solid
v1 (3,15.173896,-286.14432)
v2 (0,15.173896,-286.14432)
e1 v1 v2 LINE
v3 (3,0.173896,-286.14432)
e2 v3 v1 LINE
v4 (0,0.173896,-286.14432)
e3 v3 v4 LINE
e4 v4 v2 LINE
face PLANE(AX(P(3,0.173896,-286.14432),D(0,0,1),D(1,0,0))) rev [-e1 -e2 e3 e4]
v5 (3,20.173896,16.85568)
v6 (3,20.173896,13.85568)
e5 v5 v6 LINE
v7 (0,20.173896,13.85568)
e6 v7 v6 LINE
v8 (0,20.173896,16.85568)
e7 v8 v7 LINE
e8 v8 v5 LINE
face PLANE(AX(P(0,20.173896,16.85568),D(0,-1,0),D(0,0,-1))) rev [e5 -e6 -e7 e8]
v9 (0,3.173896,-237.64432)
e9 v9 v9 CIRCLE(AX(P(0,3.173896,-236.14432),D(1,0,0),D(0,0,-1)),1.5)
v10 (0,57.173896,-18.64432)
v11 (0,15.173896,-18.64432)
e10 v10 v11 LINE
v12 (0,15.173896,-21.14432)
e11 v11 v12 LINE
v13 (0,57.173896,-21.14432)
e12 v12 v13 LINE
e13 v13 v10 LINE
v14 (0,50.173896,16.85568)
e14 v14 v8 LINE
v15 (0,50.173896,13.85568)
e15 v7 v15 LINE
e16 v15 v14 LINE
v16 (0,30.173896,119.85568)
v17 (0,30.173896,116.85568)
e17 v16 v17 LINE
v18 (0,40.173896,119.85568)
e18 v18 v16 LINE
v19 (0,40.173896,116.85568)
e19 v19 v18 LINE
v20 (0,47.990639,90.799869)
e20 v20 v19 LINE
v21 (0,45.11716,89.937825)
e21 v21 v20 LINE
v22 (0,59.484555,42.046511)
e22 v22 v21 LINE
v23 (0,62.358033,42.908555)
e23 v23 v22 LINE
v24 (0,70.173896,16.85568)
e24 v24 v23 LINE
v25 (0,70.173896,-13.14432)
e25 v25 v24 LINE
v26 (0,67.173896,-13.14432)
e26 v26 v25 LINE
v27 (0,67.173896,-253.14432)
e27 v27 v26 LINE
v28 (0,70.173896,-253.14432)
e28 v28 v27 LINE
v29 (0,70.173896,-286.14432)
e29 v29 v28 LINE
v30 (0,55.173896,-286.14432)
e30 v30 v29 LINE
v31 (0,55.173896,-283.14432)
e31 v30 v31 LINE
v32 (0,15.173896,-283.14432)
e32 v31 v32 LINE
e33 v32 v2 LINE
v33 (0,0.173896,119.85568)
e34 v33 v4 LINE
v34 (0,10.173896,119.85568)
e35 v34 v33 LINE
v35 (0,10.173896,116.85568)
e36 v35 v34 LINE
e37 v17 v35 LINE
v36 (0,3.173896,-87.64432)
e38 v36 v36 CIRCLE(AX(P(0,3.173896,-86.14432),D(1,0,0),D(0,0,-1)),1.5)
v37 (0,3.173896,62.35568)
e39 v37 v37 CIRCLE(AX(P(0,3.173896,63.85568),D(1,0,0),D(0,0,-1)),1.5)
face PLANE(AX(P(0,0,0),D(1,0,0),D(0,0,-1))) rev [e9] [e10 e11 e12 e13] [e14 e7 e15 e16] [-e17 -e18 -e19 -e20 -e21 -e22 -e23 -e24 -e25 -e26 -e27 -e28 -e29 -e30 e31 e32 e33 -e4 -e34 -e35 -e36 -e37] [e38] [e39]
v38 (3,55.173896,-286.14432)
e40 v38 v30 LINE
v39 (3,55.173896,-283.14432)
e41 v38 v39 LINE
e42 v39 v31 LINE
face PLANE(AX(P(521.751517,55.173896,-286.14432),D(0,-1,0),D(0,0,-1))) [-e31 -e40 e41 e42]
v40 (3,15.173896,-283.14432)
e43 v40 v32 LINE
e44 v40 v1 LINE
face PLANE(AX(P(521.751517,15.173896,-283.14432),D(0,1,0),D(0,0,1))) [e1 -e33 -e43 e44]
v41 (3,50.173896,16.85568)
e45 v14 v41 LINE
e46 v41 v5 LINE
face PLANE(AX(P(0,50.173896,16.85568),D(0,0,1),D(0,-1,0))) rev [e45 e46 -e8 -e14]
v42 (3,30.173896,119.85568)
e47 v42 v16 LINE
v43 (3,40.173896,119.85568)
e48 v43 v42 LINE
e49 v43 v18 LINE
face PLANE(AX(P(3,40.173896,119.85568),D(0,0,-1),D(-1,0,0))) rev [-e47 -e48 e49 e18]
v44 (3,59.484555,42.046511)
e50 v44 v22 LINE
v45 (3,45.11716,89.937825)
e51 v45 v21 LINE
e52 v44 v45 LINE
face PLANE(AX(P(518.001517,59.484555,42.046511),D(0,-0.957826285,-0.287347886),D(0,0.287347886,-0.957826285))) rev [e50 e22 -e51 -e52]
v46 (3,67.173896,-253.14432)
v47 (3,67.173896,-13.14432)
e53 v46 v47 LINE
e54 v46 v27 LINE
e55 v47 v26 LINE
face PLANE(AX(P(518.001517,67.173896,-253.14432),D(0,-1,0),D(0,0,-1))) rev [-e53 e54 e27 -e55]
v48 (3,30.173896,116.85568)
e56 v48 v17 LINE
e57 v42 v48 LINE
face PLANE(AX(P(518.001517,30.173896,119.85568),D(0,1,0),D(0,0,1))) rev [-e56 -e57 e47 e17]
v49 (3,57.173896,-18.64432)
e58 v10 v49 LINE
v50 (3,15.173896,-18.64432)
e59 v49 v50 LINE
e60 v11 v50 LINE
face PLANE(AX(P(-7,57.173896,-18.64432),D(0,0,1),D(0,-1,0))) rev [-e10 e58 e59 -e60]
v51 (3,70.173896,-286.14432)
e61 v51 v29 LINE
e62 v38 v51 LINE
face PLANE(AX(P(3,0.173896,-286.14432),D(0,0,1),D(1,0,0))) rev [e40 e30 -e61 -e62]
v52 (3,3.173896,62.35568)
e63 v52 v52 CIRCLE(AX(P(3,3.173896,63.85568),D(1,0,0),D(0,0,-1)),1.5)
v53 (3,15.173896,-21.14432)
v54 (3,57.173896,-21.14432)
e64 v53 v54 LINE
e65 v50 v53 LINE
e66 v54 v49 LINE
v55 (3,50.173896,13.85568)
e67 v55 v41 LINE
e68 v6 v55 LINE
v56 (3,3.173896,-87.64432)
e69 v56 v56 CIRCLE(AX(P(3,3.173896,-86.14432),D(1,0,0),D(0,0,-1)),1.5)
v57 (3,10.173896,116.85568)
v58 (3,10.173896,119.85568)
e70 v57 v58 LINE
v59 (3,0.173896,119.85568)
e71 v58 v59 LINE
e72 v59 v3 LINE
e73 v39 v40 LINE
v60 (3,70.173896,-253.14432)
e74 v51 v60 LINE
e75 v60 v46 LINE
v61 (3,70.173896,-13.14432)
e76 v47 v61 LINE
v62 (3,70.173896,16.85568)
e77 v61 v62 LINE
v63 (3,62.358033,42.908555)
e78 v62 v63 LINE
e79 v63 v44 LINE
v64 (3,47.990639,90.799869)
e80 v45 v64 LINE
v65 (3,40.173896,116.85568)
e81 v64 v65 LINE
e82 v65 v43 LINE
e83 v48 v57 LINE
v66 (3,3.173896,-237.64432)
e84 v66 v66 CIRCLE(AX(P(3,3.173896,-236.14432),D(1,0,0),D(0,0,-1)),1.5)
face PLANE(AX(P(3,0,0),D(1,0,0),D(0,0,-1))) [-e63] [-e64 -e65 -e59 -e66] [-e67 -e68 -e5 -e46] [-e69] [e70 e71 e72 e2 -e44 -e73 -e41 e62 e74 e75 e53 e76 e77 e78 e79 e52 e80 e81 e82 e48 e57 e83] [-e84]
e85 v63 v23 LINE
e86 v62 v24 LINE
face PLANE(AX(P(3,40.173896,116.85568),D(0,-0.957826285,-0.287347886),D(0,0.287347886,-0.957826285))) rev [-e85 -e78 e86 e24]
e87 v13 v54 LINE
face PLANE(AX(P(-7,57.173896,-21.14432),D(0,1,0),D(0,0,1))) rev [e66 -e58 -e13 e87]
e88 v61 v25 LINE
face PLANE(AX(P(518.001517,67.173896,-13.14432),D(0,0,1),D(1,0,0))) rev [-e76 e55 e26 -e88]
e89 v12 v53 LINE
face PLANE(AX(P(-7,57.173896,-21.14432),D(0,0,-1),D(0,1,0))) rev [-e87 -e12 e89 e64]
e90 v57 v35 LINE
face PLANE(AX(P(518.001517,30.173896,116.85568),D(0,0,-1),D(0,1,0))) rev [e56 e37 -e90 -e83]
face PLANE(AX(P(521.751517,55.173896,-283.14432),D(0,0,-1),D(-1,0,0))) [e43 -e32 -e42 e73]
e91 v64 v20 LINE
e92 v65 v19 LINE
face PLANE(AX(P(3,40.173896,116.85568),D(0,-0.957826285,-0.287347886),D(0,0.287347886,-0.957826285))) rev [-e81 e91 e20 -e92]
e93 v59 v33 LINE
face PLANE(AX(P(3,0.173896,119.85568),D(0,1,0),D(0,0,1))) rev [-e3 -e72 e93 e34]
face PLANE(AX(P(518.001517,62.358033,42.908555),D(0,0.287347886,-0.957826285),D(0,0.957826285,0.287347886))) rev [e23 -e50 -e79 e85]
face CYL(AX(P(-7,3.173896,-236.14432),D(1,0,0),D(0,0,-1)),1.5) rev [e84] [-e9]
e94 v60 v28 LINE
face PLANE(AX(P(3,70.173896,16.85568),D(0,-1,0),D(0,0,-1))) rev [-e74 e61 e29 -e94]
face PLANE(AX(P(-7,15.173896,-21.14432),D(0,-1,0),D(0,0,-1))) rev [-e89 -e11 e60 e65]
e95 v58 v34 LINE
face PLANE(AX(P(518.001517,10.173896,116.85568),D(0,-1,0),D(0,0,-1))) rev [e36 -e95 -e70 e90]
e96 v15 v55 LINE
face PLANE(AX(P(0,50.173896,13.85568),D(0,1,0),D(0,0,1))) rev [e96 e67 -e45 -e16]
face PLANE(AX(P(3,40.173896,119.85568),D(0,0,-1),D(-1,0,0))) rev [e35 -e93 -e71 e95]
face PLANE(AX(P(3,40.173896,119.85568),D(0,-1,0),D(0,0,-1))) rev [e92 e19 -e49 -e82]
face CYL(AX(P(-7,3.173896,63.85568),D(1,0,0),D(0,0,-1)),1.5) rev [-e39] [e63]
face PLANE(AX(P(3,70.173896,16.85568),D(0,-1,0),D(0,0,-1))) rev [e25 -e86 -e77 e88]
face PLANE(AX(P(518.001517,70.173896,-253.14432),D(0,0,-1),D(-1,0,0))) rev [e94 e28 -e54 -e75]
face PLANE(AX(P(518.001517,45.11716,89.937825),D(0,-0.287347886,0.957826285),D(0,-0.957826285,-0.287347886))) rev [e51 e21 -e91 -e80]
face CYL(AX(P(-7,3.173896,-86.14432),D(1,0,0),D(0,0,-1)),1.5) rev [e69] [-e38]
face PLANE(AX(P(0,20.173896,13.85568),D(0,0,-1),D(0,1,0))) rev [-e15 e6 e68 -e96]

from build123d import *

# Parameters (mm, degrees)
BOSS_EXTRUDE1_DEPTH      = 3
CUT_EXTRUDE2_DEPTH       = 295.638673234
CUT_EXTRUDE2_DEPTH_BACK  = 3
CUT_EXTRUDE6_DEPTH       = 295.638673234
CUT_EXTRUDE6_DEPTH_BACK  = 3
CUT_EXTRUDE11_DEPTH      = 295.638673234
CUT_EXTRUDE11_DEPTH_BACK = 3
CUT_EXTRUDE12_DEPTH      = 295.638673234
CUT_EXTRUDE12_DEPTH_BACK = 3
SKETCH9_W                = 3
SKETCH9_H                = 30
CUT_EXTRUDE13_DEPTH      = 3
SKETCH10_W               = 2.5
SKETCH10_H               = 42
CUT_EXTRUDE14_DEPTH      = 10
SKETCH11_R               = 1.5
CUT_EXTRUDE15_DEPTH      = 10


with BuildPart() as part:
    # Sketch1 → Boss-Extrude1 (new body)
    with BuildSketch(Plane(origin=(0, 0, 0), x_dir=(0, 0, -1), z_dir=(1, 0, 0))):
        Polygon((286.144320394, 0.17389594), (286.144320394, 70.17389594), (-16.855679606, 70.17389594), (-116.855679606, 40.17389594), (-119.855679606, 40.17389594), (-119.855679606, 0.17389594), align=None)
    extrude(amount=BOSS_EXTRUDE1_DEPTH)

    # Sketch5 → Cut-Extrude2 (cut, two sides: drawn at the far end of the back side and taken through both)
    with BuildSketch(Plane(origin=(3, 0, 0), x_dir=(0, 0, -1), z_dir=(1, 0, 0)).offset(-CUT_EXTRUDE2_DEPTH_BACK)):
        Polygon((1115.56118622, 55.17389594), (286.144320394, 55.17389594), (283.144320394, 55.17389594), (283.144320394, 15.17389594), (286.144320394, 15.17389594), (1115.56118622, 15.17389594), (2774.394917872, 15.17389594), (2774.394917872, 55.17389594), align=None)
    extrude(amount=CUT_EXTRUDE2_DEPTH + CUT_EXTRUDE2_DEPTH_BACK, mode=Mode.SUBTRACT)

    # Sketch6 → Cut-Extrude6 (cut, two sides: drawn at the far end of the back side and taken through both)
    with BuildSketch(Plane(origin=(3, 0, 0), x_dir=(0, 0, -1), z_dir=(1, 0, 0)).offset(-CUT_EXTRUDE6_DEPTH_BACK)):
        Polygon((253.144320394, 839.196952243), (253.144320394, 70.17389594), (253.144320394, 67.17389594), (13.144320394, 67.17389594), (13.144320394, 70.17389594), (13.144320394, 839.196952243), (13.144320394, 2377.24306485), (253.144320394, 2377.24306485), align=None)
    extrude(amount=CUT_EXTRUDE6_DEPTH + CUT_EXTRUDE6_DEPTH_BACK, mode=Mode.SUBTRACT)

    # Sketch7 → Cut-Extrude11 (cut, two sides: drawn at the far end of the back side and taken through both)
    with BuildSketch(Plane(origin=(3, 0, 0), x_dir=(0, 0, -1), z_dir=(1, 0, 0)).offset(-CUT_EXTRUDE11_DEPTH_BACK)):
        Polygon((-264.146282978, 799.817128167), (-42.908554564, 62.358033452), (-42.046510907, 59.484554597), (-89.937825168, 45.117160318), (-90.799868825, 47.990639174), (-312.037597239, 785.449733889), (-754.513054068, 2260.367923318), (-706.621739807, 2274.735317597), align=None)
    extrude(amount=CUT_EXTRUDE11_DEPTH + CUT_EXTRUDE11_DEPTH_BACK, mode=Mode.SUBTRACT)

    # Sketch8 → Cut-Extrude12 (cut, two sides: drawn at the far end of the back side and taken through both)
    with BuildSketch(Plane(origin=(3, 0, 0), x_dir=(0, 0, -1), z_dir=(1, 0, 0)).offset(-CUT_EXTRUDE12_DEPTH_BACK)):
        Polygon((-950.674782697, 30.17389594), (-119.855679606, 30.17389594), (-116.855679606, 30.17389594), (-116.855679606, 10.17389594), (-119.855679606, 10.17389594), (-950.674782697, 10.17389594), (-2612.31298888, 10.17389594), (-2612.31298888, 30.17389594), align=None)
    extrude(amount=CUT_EXTRUDE12_DEPTH + CUT_EXTRUDE12_DEPTH_BACK, mode=Mode.SUBTRACT)

    # Sketch9 → Cut-Extrude13 (cut)
    with BuildSketch(Plane(origin=(3, 0, 0), x_dir=(0, 0, -1), z_dir=(1, 0, 0))):
        with Locations((-15.355679606, 35.17389594)):
            Rectangle(SKETCH9_W, SKETCH9_H)
    extrude(amount=-CUT_EXTRUDE13_DEPTH, mode=Mode.SUBTRACT)

    # Sketch10 → Cut-Extrude14 (cut)
    with BuildSketch(Plane(origin=(3, 0, 0), x_dir=(0, 0, -1), z_dir=(1, 0, 0))):
        with Locations((19.894320394, 36.17389594)):
            Rectangle(SKETCH10_W, SKETCH10_H)
    extrude(amount=-CUT_EXTRUDE14_DEPTH, mode=Mode.SUBTRACT)

    # Sketch11 → Cut-Extrude15 (cut)
    with BuildSketch(Plane(origin=(3, 0, 0), x_dir=(0, 0, -1), z_dir=(1, 0, 0))):
        with Locations((236.144320394, 3.17389594)):
            Circle(SKETCH11_R)
        with Locations((86.144320394, 3.17389594)):
            Circle(SKETCH11_R)
        with Locations((-63.855679606, 3.17389594)):
            Circle(SKETCH11_R)
    extrude(amount=-CUT_EXTRUDE15_DEPTH, mode=Mode.SUBTRACT)


solid = part.part
